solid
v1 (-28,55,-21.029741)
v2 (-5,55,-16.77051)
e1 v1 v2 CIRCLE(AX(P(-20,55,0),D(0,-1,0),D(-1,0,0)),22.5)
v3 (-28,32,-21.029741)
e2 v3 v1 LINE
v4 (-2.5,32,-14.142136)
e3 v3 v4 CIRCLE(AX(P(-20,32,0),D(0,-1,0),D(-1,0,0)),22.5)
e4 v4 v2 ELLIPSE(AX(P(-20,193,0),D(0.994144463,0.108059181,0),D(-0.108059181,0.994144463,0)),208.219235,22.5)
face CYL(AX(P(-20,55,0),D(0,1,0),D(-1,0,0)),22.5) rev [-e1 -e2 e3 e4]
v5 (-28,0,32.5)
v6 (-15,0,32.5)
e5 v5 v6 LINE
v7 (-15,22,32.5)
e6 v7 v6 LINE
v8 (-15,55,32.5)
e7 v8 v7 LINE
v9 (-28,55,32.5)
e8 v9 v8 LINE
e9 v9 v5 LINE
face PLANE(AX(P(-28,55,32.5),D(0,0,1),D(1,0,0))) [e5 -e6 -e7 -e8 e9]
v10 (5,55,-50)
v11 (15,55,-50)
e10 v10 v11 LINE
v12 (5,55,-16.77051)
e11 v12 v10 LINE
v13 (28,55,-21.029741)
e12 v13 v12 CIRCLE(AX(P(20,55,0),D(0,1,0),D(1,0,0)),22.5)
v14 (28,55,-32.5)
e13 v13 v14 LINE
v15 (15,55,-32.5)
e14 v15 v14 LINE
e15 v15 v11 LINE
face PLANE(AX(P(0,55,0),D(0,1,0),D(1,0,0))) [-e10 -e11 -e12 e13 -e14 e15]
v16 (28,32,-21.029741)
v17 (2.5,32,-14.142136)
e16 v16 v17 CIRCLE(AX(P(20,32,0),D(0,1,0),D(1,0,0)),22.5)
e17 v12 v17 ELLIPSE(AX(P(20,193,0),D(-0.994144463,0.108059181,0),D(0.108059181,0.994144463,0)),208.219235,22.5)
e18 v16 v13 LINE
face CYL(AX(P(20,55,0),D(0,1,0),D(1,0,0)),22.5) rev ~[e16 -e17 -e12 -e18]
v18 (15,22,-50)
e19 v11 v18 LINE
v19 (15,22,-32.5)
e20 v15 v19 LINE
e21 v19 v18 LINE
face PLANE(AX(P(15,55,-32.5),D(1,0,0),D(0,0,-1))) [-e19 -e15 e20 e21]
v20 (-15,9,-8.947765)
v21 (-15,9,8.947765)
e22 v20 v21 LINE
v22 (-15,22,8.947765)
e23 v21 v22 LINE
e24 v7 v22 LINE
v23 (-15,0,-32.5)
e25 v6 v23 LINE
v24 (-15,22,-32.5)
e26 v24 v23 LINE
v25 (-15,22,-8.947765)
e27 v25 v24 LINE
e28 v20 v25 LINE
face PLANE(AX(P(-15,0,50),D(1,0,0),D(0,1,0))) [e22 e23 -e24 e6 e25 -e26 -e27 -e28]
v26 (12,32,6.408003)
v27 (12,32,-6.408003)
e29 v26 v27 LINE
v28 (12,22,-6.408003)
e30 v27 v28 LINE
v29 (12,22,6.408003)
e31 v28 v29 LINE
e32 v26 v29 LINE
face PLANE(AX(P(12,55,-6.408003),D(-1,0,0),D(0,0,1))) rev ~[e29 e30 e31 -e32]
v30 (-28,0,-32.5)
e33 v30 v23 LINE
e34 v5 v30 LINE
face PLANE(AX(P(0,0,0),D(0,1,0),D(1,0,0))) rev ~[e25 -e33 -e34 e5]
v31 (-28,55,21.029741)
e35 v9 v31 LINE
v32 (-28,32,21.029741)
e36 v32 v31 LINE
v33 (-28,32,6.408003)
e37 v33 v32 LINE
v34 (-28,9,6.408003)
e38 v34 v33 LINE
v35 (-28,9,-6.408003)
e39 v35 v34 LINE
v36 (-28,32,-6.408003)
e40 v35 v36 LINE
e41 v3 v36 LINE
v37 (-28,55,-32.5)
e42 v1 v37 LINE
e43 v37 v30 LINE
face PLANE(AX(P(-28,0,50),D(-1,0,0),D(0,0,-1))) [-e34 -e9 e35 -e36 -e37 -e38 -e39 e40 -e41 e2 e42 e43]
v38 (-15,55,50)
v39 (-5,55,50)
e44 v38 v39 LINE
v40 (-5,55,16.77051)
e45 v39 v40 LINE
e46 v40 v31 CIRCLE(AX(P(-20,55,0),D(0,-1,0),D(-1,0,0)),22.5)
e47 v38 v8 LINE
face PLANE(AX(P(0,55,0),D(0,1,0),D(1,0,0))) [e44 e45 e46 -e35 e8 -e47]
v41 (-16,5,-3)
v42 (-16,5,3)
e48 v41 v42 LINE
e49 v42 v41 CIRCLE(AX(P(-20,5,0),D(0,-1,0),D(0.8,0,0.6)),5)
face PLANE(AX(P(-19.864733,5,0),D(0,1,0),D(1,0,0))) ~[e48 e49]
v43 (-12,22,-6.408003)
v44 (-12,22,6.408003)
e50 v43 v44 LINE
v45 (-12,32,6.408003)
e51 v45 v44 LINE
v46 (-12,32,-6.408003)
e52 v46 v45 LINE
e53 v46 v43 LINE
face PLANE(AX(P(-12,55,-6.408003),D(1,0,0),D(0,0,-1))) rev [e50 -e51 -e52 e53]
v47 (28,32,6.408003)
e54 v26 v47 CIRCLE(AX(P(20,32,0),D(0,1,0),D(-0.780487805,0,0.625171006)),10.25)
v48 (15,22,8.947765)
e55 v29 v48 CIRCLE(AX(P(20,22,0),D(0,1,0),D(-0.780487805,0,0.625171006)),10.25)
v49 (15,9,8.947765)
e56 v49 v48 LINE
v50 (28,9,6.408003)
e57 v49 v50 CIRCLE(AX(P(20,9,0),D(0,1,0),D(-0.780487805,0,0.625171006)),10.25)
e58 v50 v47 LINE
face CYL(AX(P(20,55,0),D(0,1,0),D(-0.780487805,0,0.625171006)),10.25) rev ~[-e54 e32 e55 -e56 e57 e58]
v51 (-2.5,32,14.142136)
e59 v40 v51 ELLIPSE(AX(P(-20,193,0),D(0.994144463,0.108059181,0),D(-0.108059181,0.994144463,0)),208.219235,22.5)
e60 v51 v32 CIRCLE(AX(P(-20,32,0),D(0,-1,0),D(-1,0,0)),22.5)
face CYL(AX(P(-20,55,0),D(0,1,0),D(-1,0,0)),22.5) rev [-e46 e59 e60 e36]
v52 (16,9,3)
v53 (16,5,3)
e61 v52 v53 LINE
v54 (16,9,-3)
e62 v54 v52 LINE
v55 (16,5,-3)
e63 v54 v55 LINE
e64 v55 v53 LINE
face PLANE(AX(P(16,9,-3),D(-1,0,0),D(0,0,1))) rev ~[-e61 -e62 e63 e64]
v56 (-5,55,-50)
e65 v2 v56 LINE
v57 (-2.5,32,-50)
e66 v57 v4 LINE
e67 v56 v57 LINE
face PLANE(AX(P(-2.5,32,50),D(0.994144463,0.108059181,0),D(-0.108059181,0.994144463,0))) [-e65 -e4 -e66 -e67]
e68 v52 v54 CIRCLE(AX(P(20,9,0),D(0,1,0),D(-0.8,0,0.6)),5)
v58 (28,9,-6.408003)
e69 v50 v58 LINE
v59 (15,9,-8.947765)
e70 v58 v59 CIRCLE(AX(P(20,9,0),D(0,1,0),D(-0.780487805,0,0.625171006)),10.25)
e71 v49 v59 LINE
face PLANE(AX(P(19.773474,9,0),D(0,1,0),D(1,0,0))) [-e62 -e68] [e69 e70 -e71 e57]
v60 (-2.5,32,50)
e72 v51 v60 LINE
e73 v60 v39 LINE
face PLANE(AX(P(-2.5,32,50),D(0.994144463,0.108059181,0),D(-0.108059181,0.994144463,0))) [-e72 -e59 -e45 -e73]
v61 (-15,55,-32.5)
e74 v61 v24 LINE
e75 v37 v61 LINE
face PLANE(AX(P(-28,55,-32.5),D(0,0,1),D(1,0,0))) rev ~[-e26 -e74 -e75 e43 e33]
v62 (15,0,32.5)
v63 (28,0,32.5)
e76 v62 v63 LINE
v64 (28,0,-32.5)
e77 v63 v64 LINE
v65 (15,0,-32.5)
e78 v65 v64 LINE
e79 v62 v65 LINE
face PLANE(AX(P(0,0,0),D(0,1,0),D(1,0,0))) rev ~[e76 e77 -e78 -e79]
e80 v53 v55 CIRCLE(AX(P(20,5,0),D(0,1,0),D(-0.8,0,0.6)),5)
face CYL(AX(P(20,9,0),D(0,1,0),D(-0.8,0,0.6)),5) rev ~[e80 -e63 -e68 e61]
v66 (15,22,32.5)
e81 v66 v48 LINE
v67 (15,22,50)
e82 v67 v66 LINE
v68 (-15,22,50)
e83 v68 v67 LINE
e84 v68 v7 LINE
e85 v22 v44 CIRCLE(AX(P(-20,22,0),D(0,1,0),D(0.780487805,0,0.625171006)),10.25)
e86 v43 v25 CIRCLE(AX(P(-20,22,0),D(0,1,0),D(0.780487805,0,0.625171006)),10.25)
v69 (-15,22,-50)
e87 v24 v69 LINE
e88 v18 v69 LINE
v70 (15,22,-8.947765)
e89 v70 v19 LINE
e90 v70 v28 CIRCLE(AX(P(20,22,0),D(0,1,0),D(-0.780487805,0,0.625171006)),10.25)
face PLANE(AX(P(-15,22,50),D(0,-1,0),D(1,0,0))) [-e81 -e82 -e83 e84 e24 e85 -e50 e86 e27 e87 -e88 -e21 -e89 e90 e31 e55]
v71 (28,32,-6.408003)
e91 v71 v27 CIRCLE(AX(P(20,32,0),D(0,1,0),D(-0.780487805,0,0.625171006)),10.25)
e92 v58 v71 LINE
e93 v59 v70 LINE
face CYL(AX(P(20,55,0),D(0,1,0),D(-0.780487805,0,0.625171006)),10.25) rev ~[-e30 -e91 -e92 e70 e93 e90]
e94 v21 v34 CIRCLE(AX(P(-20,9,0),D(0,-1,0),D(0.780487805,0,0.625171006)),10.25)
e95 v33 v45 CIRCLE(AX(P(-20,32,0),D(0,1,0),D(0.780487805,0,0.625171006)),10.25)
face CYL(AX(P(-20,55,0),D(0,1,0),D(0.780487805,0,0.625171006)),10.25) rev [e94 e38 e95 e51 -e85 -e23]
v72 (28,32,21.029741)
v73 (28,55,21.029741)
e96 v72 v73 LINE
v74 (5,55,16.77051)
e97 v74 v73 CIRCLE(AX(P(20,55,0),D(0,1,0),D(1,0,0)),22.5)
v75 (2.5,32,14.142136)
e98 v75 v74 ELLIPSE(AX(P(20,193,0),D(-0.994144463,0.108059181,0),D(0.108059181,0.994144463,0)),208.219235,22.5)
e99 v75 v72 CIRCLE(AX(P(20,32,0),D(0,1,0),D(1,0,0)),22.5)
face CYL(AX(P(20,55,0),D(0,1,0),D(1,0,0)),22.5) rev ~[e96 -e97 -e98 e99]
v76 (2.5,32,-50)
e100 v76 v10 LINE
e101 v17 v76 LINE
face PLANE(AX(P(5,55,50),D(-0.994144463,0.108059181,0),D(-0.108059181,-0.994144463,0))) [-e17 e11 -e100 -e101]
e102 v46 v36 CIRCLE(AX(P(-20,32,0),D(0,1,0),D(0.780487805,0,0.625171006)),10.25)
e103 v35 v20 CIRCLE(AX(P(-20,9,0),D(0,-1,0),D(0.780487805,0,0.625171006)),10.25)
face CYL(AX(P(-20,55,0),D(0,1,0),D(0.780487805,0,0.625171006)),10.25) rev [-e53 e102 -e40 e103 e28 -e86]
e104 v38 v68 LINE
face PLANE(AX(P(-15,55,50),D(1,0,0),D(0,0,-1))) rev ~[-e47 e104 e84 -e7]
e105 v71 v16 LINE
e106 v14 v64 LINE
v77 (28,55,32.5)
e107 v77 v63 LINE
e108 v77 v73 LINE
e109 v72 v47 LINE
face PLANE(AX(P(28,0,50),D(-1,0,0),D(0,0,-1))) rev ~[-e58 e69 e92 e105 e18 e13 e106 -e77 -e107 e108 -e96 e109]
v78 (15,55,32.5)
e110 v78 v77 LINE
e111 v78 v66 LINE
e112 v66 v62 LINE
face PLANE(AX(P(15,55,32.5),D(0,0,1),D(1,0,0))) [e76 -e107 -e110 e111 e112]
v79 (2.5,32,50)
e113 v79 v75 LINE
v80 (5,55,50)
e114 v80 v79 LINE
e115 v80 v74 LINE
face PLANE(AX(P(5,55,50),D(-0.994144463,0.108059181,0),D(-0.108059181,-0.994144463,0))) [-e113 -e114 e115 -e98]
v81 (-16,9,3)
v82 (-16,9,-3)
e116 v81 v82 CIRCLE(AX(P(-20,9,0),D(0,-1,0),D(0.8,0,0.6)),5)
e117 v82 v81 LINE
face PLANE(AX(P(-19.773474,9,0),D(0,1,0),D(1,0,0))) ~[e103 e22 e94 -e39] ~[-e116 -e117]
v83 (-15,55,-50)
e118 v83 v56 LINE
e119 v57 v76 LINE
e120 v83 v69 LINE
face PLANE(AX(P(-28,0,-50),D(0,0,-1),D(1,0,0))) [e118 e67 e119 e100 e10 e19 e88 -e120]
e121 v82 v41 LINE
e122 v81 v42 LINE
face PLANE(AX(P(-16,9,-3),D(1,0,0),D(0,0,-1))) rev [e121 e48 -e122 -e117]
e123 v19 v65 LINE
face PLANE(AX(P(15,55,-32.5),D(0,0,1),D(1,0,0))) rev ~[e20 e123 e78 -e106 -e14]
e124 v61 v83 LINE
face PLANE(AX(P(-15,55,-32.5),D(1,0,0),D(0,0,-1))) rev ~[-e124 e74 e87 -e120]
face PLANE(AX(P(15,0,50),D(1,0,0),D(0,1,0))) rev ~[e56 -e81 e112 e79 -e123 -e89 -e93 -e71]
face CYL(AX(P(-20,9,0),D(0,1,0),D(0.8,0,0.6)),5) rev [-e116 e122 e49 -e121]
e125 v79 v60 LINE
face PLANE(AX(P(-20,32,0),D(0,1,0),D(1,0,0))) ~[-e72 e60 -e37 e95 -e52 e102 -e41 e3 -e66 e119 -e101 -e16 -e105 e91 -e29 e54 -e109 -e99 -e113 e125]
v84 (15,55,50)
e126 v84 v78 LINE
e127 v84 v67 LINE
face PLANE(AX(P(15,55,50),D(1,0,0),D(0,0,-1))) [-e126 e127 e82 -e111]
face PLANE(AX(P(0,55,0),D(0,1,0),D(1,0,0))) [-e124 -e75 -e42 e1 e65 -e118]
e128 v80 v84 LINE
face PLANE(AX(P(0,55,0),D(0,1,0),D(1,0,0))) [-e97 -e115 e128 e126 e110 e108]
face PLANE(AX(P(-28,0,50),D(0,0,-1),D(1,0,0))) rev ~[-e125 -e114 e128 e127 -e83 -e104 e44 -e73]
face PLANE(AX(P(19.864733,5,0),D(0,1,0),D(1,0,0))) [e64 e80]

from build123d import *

# Parameters (mm, degrees)
SKETCH1_W           = 56
SKETCH1_H           = 100
BOSS_EXTRUDE1_DEPTH = 55
CUT_EXTRUDE2_DEPTH  = 118.511701545
SKETCH7_R           = 22.5
SKETCH7_R_2         = 10
CUT_EXTRUDE4_DEPTH  = 23
CUT_EXTRUDE5_DEPTH  = 46
CUT_EXTRUDE6_DEPTH  = 4
CUT_EXTRUDE7_DEPTH  = 23
SKETCH12_W          = 13
SKETCH12_H          = 17.5
CUT_EXTRUDE8_DEPTH  = 80.429213769
SKETCH13_W          = 30
SKETCH13_H          = 22
CUT_EXTRUDE9_DEPTH  = 118.511701545


with BuildPart() as part:
    # Sketch1 → Boss-Extrude1 (new body)
    with BuildSketch(Plane(origin=(0, 0, 0), x_dir=(1, 0, 0), z_dir=(0, 1, 0))):
        Rectangle(SKETCH1_W, SKETCH1_H)
    extrude(amount=BOSS_EXTRUDE1_DEPTH)

    # Sketch3 → Cut-Extrude2 (cut, through all)
    with BuildSketch(Plane.XY.offset(50)):
        Polygon((-2.5, 32), (-5, 55), (5, 55), (2.5, 32), align=None)
    extrude(amount=-CUT_EXTRUDE2_DEPTH, mode=Mode.SUBTRACT)

    # Sketch7 → Cut-Extrude4 (cut)
    with BuildSketch(Plane(origin=(0, 55, 0), x_dir=(1, 0, 0), z_dir=(0, 1, 0))):
        with Locations((20, 0)):
            Circle(SKETCH7_R)
        with Locations((20, 0)):
            Circle(SKETCH7_R_2, mode=Mode.SUBTRACT)
    cut_extrude4 = extrude(amount=-CUT_EXTRUDE4_DEPTH, mode=Mode.SUBTRACT)

    # Sketch9 → Cut-Extrude5 (cut)
    with BuildSketch(Plane(origin=(0, 55, 0), x_dir=(1, 0, 0), z_dir=(0, 1, 0))):
        with BuildLine():
            Line((12, 6.408002809), (12, -6.408002809))
            ThreePointArc((12, -6.408002809), (30.25, 0), (12, 6.408002809))
        make_face()
    cut_extrude5 = extrude(amount=-CUT_EXTRUDE5_DEPTH, mode=Mode.SUBTRACT)

    # Sketch10 → Cut-Extrude6 (cut)
    with BuildSketch(Plane(origin=(0, 9, 0), x_dir=(1, 0, 0), z_dir=(0, 1, 0))):
        with BuildLine():
            Line((16, 3), (16, -3))
            ThreePointArc((16, -3), (25, 0), (16, 3))
        make_face()
    cut_extrude6 = extrude(amount=-CUT_EXTRUDE6_DEPTH, mode=Mode.SUBTRACT)

    # Sketch11 → Cut-Extrude7 (cut)
    with BuildSketch(Plane(origin=(0, 55, 0), x_dir=(1, 0, 0), z_dir=(0, 1, 0))):
        with BuildLine():
            Line((12, 6.408002809), (12, -6.408002809))
            ThreePointArc((12, -6.408002809), (9.677076266, 0), (12, 6.408002809))
        make_face()
    cut_extrude7 = extrude(amount=-CUT_EXTRUDE7_DEPTH, mode=Mode.SUBTRACT)

    # Mirror1: Cut-Extrude4, Cut-Extrude5, Cut-Extrude6, Cut-Extrude7 across plane
    add(cut_extrude4.mirror(Plane(origin=(0, 0, 0), x_dir=(0, 0, 1), z_dir=(1, 0, 0))), mode=Mode.SUBTRACT)
    add(cut_extrude5.mirror(Plane(origin=(0, 0, 0), x_dir=(0, 0, 1), z_dir=(1, 0, 0))), mode=Mode.SUBTRACT)
    add(cut_extrude6.mirror(Plane(origin=(0, 0, 0), x_dir=(0, 0, 1), z_dir=(1, 0, 0))), mode=Mode.SUBTRACT)
    add(cut_extrude7.mirror(Plane(origin=(0, 0, 0), x_dir=(0, 0, 1), z_dir=(1, 0, 0))), mode=Mode.SUBTRACT)

    # Sketch12 → Cut-Extrude8 (cut, through all)
    with BuildSketch(Plane(origin=(0, 55, 0), x_dir=(1, 0, 0), z_dir=(0, 1, 0))):
        with Locations((-21.5, 41.25)):
            Rectangle(SKETCH12_W, SKETCH12_H)
        with Locations((21.5, 41.25)):
            Rectangle(SKETCH12_W, SKETCH12_H)
        with Locations((-21.5, -41.25)):
            Rectangle(SKETCH12_W, SKETCH12_H)
        with Locations((21.5, -41.25)):
            Rectangle(SKETCH12_W, SKETCH12_H)
    extrude(amount=-CUT_EXTRUDE8_DEPTH, mode=Mode.SUBTRACT)

    # Sketch13 → Cut-Extrude9 (cut, through all)
    with BuildSketch(Plane.XY.offset(50)):
        with Locations((0, 11)):
            Rectangle(SKETCH13_W, SKETCH13_H)
    extrude(amount=-CUT_EXTRUDE9_DEPTH, mode=Mode.SUBTRACT)


solid = part.part
